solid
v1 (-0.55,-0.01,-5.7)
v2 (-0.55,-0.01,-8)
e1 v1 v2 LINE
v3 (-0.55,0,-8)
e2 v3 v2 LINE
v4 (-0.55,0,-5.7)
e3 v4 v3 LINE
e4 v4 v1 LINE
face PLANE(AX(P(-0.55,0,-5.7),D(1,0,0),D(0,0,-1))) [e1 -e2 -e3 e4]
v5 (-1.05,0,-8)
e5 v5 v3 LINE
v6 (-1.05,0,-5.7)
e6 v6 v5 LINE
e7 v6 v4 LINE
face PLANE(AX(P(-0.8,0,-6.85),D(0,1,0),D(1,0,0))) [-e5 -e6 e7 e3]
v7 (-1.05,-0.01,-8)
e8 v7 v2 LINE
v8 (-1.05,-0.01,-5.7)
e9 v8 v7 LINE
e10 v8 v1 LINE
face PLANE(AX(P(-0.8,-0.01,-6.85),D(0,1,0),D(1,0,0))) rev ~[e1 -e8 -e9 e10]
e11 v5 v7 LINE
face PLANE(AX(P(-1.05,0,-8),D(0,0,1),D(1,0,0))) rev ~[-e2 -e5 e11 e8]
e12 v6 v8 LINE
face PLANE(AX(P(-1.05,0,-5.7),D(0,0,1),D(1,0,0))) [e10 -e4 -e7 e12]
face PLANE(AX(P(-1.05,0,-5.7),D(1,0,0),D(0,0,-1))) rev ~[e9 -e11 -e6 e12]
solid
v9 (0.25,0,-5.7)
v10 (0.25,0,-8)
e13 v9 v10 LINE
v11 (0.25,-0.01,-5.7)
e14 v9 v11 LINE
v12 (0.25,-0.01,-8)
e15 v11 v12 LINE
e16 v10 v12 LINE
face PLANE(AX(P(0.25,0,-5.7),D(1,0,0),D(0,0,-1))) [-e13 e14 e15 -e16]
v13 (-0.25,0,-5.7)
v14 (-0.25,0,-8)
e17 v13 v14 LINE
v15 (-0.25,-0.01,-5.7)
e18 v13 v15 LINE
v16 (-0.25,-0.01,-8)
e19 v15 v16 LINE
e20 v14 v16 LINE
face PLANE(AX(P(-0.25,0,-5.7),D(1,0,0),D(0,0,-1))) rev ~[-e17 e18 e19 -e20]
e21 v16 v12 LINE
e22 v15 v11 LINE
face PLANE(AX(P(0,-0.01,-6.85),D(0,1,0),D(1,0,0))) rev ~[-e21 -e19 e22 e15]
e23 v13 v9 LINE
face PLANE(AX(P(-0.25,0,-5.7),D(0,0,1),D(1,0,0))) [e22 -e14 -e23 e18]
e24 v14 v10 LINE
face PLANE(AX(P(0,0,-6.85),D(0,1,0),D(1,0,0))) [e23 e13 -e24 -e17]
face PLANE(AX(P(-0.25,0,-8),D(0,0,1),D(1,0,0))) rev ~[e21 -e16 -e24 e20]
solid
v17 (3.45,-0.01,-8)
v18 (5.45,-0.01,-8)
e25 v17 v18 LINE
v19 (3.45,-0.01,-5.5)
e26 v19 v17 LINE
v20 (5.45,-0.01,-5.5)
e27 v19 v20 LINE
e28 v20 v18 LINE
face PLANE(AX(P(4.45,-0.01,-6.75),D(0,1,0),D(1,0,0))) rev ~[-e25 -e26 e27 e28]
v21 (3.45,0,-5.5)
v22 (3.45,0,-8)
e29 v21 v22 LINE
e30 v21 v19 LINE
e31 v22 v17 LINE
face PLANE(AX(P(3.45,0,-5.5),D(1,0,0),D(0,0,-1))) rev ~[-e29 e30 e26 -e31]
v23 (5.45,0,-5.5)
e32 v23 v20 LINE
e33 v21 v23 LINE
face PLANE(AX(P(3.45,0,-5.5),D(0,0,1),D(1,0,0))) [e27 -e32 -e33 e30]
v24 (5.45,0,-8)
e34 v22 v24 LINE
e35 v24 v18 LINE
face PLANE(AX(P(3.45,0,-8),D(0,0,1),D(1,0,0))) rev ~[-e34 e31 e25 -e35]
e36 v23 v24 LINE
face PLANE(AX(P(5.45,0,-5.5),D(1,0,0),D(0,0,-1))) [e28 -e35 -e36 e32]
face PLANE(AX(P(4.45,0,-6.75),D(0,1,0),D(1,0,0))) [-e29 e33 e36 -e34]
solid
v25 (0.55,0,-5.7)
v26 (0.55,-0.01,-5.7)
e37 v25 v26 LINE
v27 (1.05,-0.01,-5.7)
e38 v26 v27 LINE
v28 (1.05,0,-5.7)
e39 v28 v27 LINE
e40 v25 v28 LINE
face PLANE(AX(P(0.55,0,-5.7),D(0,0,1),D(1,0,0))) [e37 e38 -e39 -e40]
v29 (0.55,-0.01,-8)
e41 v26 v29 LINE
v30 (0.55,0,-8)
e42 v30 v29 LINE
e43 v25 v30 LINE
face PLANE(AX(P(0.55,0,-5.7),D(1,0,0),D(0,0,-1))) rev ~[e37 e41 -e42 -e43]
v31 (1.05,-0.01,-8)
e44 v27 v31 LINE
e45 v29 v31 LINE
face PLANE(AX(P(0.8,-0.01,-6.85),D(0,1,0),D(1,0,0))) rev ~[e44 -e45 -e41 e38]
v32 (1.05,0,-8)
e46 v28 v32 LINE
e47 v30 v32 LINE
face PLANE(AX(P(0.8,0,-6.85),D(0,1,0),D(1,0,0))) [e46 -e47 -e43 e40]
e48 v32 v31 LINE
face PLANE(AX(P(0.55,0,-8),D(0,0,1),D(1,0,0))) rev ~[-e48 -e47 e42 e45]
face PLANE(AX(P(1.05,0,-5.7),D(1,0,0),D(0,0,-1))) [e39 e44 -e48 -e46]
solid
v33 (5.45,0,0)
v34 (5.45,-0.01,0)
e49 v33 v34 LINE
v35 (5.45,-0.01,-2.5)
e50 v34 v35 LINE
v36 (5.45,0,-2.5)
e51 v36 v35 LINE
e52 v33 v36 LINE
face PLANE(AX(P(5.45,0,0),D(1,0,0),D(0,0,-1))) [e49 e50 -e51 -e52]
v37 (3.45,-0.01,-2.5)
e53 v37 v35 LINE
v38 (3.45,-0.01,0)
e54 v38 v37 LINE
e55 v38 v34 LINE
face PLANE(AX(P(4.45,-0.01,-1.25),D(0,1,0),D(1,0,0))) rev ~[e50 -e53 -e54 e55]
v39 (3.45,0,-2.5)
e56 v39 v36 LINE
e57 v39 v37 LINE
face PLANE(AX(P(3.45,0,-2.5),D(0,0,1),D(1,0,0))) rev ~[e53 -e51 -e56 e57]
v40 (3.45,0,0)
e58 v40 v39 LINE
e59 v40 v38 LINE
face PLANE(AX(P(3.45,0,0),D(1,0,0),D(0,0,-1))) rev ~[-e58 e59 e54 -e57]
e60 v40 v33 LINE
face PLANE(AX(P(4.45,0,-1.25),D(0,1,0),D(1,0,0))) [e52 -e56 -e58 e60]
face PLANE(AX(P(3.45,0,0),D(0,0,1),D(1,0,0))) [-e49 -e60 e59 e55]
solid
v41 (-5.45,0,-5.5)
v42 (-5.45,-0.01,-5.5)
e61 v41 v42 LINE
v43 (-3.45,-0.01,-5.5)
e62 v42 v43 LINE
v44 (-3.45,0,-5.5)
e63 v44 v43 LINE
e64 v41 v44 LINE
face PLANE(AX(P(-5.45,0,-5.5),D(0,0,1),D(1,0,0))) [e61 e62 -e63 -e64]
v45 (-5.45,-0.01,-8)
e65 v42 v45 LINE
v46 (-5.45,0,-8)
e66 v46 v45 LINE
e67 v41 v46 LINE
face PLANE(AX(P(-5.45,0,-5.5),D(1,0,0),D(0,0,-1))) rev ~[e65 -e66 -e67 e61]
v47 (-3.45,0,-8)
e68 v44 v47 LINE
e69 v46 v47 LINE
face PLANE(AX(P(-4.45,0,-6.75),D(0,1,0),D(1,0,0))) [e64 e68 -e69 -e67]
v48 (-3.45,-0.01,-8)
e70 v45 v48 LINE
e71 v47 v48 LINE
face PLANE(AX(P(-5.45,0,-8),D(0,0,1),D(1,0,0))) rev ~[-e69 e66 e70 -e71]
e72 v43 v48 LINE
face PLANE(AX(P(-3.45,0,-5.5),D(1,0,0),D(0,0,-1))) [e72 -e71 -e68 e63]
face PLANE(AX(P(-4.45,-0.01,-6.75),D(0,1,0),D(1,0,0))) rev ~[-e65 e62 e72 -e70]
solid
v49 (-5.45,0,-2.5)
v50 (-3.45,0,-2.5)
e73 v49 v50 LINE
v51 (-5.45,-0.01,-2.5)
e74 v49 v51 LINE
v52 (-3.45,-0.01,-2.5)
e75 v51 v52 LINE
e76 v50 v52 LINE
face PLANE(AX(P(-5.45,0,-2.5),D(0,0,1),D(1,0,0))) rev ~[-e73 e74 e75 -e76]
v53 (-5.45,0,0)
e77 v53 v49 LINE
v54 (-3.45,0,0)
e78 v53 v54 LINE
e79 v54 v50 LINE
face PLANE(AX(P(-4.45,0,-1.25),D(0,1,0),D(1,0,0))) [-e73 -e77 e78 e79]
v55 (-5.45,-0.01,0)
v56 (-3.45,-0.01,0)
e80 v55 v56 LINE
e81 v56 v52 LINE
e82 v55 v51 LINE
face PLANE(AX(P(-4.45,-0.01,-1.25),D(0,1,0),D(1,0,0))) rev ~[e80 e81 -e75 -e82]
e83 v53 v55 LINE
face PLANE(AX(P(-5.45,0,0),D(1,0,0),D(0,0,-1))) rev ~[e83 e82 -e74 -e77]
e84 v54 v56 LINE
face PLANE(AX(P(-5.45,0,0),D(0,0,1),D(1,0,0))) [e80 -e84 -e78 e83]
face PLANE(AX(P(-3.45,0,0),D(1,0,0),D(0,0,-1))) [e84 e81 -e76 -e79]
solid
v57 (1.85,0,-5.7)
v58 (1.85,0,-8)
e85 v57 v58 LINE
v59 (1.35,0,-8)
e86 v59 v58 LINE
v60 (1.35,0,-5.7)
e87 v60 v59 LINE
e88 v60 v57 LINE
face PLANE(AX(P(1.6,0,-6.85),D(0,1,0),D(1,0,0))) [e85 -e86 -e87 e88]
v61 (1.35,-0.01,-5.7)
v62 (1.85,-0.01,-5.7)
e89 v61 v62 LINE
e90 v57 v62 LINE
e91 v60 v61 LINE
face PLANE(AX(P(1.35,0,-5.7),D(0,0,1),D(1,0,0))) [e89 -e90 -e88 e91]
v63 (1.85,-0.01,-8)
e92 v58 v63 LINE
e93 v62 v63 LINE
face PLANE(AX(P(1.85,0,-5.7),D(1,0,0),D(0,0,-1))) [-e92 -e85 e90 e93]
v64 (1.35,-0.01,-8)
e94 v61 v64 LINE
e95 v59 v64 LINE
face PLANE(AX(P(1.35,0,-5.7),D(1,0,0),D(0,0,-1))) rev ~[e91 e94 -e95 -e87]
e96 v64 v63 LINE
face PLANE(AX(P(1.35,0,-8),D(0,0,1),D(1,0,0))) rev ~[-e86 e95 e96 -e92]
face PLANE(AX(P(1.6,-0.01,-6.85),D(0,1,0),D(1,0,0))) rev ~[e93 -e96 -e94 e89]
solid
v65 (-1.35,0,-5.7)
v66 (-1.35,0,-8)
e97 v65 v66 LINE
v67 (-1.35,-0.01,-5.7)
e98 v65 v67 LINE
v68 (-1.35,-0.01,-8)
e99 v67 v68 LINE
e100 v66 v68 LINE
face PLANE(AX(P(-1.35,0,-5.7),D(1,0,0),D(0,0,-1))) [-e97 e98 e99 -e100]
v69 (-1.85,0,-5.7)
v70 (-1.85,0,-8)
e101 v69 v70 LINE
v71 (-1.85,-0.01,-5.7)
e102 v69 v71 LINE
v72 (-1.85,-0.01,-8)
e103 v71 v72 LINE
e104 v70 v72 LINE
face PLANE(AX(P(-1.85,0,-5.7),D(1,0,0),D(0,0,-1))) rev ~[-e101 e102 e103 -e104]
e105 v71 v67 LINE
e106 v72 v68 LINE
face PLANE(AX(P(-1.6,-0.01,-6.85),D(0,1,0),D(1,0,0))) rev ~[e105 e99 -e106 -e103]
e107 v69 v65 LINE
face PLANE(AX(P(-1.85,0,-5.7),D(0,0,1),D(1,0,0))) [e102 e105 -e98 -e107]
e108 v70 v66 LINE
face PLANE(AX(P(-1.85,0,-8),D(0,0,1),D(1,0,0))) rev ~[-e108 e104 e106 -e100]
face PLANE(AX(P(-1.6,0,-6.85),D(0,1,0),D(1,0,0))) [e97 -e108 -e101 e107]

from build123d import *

# Parameters (mm, degrees)
SKETCH1_W             = 2
SKETCH1_H             = 2.5
BOSS_EXTRUDE1_DEPTH   = 0.01
BOSS_EXTRUDE1_2_DEPTH = 0.01
BOSS_EXTRUDE1_3_DEPTH = 0.01
BOSS_EXTRUDE1_4_DEPTH = 0.01
SKETCH1_W_2           = 0.5
SKETCH1_H_2           = 2.3
BOSS_EXTRUDE1_5_DEPTH = 0.01
BOSS_EXTRUDE1_6_DEPTH = 0.01
BOSS_EXTRUDE1_7_DEPTH = 0.01
BOSS_EXTRUDE1_8_DEPTH = 0.01
BOSS_EXTRUDE1_9_DEPTH = 0.01


with BuildPart() as part:
    # Sketch1 → Boss-Extrude1 (new body)
    with BuildSketch(Plane(origin=(0, 0, 0), x_dir=(1, 0, 0), z_dir=(0, 1, 0))):
        with Locations((-4.45, 6.75)):
            Rectangle(SKETCH1_W, SKETCH1_H)
    extrude(amount=-BOSS_EXTRUDE1_DEPTH)


with BuildPart() as body_2:
    # Sketch1 → Boss-Extrude1 2 (new body)
    with BuildSketch(Plane(origin=(0, 0, 0), x_dir=(1, 0, 0), z_dir=(0, 1, 0))):
        with Locations((-4.45, 1.25)):
            Rectangle(SKETCH1_W, SKETCH1_H)
    extrude(amount=-BOSS_EXTRUDE1_2_DEPTH)


with BuildPart() as body_3:
    # Sketch1 → Boss-Extrude1 3 (new body)
    with BuildSketch(Plane(origin=(0, 0, 0), x_dir=(1, 0, 0), z_dir=(0, 1, 0))):
        with Locations((4.45, 6.75)):
            Rectangle(SKETCH1_W, SKETCH1_H)
    extrude(amount=-BOSS_EXTRUDE1_3_DEPTH)


with BuildPart() as body_4:
    # Sketch1 → Boss-Extrude1 4 (new body)
    with BuildSketch(Plane(origin=(0, 0, 0), x_dir=(1, 0, 0), z_dir=(0, 1, 0))):
        with Locations((4.45, 1.25)):
            Rectangle(SKETCH1_W, SKETCH1_H)
    extrude(amount=-BOSS_EXTRUDE1_4_DEPTH)


with BuildPart() as body_5:
    # Sketch1 → Boss-Extrude1 5 (new body)
    with BuildSketch(Plane(origin=(0, 0, 0), x_dir=(1, 0, 0), z_dir=(0, 1, 0))):
        with Locations((-1.6, 6.85)):
            Rectangle(SKETCH1_W_2, SKETCH1_H_2)
    extrude(amount=-BOSS_EXTRUDE1_5_DEPTH)


with BuildPart() as body_6:
    # Sketch1 → Boss-Extrude1 6 (new body)
    with BuildSketch(Plane(origin=(0, 0, 0), x_dir=(1, 0, 0), z_dir=(0, 1, 0))):
        with Locations((-0.8, 6.85)):
            Rectangle(SKETCH1_W_2, SKETCH1_H_2)
    extrude(amount=-BOSS_EXTRUDE1_6_DEPTH)


with BuildPart() as body_7:
    # Sketch1 → Boss-Extrude1 7 (new body)
    with BuildSketch(Plane(origin=(0, 0, 0), x_dir=(1, 0, 0), z_dir=(0, 1, 0))):
        with Locations((0, 6.85)):
            Rectangle(SKETCH1_W_2, SKETCH1_H_2)
    extrude(amount=-BOSS_EXTRUDE1_7_DEPTH)


with BuildPart() as body_8:
    # Sketch1 → Boss-Extrude1 8 (new body)
    with BuildSketch(Plane(origin=(0, 0, 0), x_dir=(1, 0, 0), z_dir=(0, 1, 0))):
        with Locations((0.8, 6.85)):
            Rectangle(SKETCH1_W_2, SKETCH1_H_2)
    extrude(amount=-BOSS_EXTRUDE1_8_DEPTH)


with BuildPart() as body_9:
    # Sketch1 → Boss-Extrude1 9 (new body)
    with BuildSketch(Plane(origin=(0, 0, 0), x_dir=(1, 0, 0), z_dir=(0, 1, 0))):
        with Locations((1.6, 6.85)):
            Rectangle(SKETCH1_W_2, SKETCH1_H_2)
    extrude(amount=-BOSS_EXTRUDE1_9_DEPTH)


solid = Compound([part.part, body_2.part, body_3.part, body_4.part, body_5.part, body_6.part, body_7.part, body_8.part, body_9.part])
